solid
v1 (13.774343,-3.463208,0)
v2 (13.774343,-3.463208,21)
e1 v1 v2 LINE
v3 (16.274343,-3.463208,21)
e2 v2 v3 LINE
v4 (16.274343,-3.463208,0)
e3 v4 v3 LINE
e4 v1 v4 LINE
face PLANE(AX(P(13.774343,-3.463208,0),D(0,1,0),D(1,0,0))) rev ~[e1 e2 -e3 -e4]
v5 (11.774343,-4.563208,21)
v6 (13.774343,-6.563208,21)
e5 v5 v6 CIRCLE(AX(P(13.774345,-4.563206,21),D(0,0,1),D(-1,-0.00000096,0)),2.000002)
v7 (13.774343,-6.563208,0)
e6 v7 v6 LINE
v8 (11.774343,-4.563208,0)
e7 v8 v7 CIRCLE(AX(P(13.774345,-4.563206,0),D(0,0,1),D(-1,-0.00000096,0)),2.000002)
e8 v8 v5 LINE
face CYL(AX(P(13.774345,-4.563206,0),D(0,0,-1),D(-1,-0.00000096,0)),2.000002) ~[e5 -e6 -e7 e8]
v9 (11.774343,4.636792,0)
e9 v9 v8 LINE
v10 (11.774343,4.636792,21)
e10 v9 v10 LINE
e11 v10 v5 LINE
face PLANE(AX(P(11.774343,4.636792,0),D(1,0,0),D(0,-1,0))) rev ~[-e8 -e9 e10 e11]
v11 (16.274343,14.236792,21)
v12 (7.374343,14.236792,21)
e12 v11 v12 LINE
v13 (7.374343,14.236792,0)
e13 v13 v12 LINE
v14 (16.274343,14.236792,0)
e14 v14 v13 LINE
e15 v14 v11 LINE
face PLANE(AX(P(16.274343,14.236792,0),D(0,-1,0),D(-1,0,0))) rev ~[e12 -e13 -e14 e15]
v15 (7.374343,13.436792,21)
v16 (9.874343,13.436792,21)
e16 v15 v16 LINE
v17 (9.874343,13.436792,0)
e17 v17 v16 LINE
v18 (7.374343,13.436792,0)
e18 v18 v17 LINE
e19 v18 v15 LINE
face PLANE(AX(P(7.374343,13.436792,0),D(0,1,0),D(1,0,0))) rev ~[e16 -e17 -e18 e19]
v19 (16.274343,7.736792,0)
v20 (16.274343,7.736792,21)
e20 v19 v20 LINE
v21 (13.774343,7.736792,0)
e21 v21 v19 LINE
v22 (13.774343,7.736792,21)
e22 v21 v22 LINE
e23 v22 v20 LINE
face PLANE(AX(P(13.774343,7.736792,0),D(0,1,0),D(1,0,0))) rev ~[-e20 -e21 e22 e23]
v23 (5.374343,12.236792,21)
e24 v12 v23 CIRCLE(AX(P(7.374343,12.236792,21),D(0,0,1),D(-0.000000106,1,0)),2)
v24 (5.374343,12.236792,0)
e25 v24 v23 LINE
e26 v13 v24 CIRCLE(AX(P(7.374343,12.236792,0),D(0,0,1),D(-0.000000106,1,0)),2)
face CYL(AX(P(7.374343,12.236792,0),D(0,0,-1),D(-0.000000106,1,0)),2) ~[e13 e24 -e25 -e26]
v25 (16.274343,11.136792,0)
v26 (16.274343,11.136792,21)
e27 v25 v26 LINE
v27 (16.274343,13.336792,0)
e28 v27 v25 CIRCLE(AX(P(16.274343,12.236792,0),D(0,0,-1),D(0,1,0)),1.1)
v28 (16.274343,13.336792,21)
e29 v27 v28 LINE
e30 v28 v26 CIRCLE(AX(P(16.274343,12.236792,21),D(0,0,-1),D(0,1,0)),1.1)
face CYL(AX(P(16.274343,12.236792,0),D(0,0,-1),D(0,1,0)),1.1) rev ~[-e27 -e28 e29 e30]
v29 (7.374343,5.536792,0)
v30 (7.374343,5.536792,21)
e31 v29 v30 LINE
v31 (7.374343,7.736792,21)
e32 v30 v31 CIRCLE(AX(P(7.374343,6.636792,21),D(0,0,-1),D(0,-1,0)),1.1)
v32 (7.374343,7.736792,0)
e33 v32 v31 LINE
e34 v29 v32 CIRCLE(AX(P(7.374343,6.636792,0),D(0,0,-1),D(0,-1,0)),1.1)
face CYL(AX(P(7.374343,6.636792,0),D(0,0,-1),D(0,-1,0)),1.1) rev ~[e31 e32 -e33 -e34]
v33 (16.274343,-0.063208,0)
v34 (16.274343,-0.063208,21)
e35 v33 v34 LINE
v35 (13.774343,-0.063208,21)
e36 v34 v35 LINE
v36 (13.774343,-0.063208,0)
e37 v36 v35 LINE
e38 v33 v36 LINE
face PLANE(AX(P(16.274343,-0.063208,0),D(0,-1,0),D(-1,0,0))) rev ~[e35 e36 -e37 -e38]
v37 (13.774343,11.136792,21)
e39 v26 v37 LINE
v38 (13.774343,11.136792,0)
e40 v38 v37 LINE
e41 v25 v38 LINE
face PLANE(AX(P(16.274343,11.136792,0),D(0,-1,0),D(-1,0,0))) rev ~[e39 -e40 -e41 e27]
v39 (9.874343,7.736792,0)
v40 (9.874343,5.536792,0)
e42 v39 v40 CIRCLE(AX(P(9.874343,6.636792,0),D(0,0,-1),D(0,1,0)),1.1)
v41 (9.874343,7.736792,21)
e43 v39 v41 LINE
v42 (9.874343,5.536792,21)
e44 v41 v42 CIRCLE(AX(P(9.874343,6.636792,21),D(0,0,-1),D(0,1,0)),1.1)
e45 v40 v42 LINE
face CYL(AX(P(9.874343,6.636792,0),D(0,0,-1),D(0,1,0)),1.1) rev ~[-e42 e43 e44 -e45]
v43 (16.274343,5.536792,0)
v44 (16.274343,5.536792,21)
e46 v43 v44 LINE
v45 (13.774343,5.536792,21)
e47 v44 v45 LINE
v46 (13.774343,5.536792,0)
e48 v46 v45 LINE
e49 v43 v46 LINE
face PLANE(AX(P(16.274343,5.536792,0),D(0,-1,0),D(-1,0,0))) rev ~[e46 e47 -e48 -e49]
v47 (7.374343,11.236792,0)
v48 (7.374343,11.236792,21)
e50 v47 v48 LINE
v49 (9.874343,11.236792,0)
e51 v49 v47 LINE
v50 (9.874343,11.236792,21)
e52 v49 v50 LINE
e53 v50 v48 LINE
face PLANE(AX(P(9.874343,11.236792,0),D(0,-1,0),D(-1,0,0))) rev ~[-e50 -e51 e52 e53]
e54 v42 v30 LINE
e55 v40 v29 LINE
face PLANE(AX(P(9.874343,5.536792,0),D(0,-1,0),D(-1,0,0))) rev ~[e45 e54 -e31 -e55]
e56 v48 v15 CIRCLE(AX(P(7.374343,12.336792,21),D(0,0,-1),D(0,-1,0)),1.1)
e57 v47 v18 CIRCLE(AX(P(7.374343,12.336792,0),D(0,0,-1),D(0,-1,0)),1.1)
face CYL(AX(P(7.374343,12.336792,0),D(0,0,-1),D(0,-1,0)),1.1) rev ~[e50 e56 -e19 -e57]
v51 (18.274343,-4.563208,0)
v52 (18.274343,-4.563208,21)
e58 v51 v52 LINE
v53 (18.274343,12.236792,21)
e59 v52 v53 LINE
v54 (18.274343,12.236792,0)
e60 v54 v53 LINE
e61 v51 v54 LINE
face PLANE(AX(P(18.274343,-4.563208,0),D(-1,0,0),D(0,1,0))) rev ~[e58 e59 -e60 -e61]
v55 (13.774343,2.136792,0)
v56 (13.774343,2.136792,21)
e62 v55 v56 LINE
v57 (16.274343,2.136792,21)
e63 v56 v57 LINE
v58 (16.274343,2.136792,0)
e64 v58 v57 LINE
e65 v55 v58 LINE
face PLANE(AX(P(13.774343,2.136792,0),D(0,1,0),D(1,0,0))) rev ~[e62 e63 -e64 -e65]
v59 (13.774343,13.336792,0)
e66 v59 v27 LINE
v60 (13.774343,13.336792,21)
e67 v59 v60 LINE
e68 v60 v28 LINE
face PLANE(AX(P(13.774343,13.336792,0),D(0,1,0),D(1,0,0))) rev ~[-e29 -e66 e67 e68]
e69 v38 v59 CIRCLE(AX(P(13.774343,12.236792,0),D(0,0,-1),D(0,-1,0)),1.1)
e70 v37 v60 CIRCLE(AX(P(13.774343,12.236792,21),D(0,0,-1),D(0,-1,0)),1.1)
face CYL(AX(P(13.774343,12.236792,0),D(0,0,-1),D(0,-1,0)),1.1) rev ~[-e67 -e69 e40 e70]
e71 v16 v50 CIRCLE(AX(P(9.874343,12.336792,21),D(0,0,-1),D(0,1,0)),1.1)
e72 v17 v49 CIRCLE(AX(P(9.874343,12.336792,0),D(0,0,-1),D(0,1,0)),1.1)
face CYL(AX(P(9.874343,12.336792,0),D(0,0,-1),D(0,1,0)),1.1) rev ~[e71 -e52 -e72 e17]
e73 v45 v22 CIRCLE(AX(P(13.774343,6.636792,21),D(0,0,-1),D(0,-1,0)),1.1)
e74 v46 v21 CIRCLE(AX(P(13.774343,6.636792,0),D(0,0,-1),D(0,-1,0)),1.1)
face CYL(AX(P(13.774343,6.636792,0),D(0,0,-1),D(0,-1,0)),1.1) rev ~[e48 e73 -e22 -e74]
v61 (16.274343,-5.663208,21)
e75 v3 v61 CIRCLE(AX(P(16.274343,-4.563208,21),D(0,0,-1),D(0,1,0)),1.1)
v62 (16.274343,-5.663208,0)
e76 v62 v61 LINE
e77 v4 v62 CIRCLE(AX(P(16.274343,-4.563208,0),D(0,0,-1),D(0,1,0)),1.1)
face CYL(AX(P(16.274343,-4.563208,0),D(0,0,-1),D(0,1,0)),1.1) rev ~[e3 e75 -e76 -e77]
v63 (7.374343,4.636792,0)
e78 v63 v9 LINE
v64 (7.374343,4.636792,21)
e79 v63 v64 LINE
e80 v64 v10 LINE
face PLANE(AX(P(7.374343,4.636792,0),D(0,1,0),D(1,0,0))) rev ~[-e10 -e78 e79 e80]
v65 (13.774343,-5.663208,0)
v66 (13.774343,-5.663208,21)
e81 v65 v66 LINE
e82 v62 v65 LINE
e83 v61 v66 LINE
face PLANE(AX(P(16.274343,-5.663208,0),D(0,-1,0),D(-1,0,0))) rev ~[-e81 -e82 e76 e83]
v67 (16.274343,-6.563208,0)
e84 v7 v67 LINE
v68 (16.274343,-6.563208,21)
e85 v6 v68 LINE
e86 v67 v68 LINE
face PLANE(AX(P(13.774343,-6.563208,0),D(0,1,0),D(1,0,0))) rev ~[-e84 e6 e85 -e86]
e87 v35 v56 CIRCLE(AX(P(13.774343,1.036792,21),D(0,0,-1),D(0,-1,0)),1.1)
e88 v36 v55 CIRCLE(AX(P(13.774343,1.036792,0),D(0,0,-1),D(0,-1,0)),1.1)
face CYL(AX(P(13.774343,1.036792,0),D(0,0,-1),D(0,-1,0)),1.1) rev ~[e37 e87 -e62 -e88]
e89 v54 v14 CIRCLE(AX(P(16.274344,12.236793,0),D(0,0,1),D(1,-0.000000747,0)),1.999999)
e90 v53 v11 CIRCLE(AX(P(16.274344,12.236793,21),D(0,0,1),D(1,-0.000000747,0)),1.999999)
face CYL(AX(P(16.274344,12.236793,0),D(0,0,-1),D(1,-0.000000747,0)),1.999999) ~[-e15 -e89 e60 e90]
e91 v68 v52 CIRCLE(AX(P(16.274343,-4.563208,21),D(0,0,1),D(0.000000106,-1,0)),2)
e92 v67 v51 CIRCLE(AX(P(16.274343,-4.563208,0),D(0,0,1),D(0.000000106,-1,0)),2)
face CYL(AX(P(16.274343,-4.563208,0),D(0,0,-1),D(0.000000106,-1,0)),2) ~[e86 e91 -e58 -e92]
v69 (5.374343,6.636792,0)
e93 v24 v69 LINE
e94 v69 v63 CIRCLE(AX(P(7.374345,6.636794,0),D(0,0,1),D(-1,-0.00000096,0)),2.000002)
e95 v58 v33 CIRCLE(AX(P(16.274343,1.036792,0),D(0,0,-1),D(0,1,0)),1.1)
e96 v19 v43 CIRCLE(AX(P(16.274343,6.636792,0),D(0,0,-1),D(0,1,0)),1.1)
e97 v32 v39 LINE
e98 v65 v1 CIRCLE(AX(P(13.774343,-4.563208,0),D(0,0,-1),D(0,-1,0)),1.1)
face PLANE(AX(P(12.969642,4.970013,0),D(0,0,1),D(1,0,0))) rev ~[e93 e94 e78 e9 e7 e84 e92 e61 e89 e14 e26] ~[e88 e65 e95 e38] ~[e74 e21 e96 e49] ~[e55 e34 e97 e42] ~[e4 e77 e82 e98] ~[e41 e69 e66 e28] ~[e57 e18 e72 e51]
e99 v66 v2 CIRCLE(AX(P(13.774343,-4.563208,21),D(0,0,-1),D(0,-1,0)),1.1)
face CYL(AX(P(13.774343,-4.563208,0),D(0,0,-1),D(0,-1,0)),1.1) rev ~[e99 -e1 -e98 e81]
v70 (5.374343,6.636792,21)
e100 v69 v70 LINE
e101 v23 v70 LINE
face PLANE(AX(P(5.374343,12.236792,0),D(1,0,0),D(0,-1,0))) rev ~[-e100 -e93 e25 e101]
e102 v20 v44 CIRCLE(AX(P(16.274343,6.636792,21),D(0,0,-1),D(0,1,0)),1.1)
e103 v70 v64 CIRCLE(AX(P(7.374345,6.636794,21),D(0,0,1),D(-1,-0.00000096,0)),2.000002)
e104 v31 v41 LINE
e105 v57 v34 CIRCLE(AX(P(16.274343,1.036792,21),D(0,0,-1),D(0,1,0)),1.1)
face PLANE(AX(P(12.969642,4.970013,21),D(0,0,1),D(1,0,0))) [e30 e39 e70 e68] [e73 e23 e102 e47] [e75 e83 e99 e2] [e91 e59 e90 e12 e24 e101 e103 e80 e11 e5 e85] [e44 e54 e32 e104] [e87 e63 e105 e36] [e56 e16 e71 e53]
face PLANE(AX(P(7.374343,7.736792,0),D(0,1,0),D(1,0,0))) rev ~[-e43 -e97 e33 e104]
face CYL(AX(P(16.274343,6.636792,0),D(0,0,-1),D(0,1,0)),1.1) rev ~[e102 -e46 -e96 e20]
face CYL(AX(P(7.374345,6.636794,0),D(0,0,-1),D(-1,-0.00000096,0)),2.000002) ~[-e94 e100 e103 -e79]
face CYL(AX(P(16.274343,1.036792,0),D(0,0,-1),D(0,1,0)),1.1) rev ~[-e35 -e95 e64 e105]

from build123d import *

# Parameters (mm, degrees)
F1_DEPTH = 21


with BuildPart() as f1:
    # F0 (on Top) → F1 (new body)
    with BuildSketch(Plane.XY):
        with BuildLine():
            Line((18.274343, -4.563208), (18.274343, 12.236792))
            ThreePointArc((18.274343, 12.236792), (17.688557, 13.651006), (16.274343, 14.236792))
            Line((16.274343, 14.236792), (7.374343, 14.236792))
            ThreePointArc((7.374343, 14.236792), (5.96013, 13.651006), (5.374343, 12.236792))
            Line((5.374343, 12.236792), (5.374343, 6.636792))
            ThreePointArc((5.374343, 6.636792), (5.96013, 5.222579), (7.374343, 4.636792))
            Line((7.374343, 4.636792), (11.774343, 4.636792))
            Line((11.774343, 4.636792), (11.774343, -4.563208))
            ThreePointArc((11.774343, -4.563208), (12.36013, -5.977421), (13.774343, -6.563208))
            Line((13.774343, -6.563208), (16.274343, -6.563208))
            ThreePointArc((16.274343, -6.563208), (17.688557, -5.977421), (18.274343, -4.563208))
        make_face()
        with BuildLine():
            Line((13.774343, -3.463208), (16.274343, -3.463208))
            ThreePointArc((16.274343, -3.463208), (17.374343, -4.563208), (16.274343, -5.663208))
            Line((16.274343, -5.663208), (13.774343, -5.663208))
            ThreePointArc((13.774343, -5.663208), (12.674343, -4.563208), (13.774343, -3.463208))
        make_face(mode=Mode.SUBTRACT)
        with BuildLine():
            Line((13.774343, 2.136792), (16.274343, 2.136792))
            ThreePointArc((16.274343, 2.136792), (17.374343, 1.036792), (16.274343, -0.063208))
            Line((16.274343, -0.063208), (13.774343, -0.063208))
            ThreePointArc((13.774343, -0.063208), (12.674343, 1.036792), (13.774343, 2.136792))
        make_face(mode=Mode.SUBTRACT)
        with BuildLine():
            ThreePointArc((9.874343, 7.736792), (10.974343, 6.636792), (9.874343, 5.536792))
            Line((9.874343, 5.536792), (7.374343, 5.536792))
            ThreePointArc((7.374343, 5.536792), (6.274343, 6.636792), (7.374343, 7.736792))
            Line((7.374343, 7.736792), (9.874343, 7.736792))
        make_face(mode=Mode.SUBTRACT)
        with BuildLine():
            ThreePointArc((7.374343, 11.236792), (6.274343, 12.336792), (7.374343, 13.436792))
            Line((7.374343, 13.436792), (9.874343, 13.436792))
            ThreePointArc((9.874343, 13.436792), (10.974343, 12.336792), (9.874343, 11.236792))
            Line((9.874343, 11.236792), (7.374343, 11.236792))
        make_face(mode=Mode.SUBTRACT)
        with BuildLine():
            Line((13.774343, 7.736792), (16.274343, 7.736792))
            ThreePointArc((16.274343, 7.736792), (17.374343, 6.636792), (16.274343, 5.536792))
            Line((16.274343, 5.536792), (13.774343, 5.536792))
            ThreePointArc((13.774343, 5.536792), (12.674343, 6.636792), (13.774343, 7.736792))
        make_face(mode=Mode.SUBTRACT)
        with BuildLine():
            Line((13.774343, 13.336792), (16.274343, 13.336792))
            ThreePointArc((16.274343, 13.336792), (17.374343, 12.236792), (16.274343, 11.136792))
            Line((16.274343, 11.136792), (13.774343, 11.136792))
            ThreePointArc((13.774343, 11.136792), (12.674343, 12.236792), (13.774343, 13.336792))
        make_face(mode=Mode.SUBTRACT)
    extrude(amount=F1_DEPTH)


solid = f1.part
